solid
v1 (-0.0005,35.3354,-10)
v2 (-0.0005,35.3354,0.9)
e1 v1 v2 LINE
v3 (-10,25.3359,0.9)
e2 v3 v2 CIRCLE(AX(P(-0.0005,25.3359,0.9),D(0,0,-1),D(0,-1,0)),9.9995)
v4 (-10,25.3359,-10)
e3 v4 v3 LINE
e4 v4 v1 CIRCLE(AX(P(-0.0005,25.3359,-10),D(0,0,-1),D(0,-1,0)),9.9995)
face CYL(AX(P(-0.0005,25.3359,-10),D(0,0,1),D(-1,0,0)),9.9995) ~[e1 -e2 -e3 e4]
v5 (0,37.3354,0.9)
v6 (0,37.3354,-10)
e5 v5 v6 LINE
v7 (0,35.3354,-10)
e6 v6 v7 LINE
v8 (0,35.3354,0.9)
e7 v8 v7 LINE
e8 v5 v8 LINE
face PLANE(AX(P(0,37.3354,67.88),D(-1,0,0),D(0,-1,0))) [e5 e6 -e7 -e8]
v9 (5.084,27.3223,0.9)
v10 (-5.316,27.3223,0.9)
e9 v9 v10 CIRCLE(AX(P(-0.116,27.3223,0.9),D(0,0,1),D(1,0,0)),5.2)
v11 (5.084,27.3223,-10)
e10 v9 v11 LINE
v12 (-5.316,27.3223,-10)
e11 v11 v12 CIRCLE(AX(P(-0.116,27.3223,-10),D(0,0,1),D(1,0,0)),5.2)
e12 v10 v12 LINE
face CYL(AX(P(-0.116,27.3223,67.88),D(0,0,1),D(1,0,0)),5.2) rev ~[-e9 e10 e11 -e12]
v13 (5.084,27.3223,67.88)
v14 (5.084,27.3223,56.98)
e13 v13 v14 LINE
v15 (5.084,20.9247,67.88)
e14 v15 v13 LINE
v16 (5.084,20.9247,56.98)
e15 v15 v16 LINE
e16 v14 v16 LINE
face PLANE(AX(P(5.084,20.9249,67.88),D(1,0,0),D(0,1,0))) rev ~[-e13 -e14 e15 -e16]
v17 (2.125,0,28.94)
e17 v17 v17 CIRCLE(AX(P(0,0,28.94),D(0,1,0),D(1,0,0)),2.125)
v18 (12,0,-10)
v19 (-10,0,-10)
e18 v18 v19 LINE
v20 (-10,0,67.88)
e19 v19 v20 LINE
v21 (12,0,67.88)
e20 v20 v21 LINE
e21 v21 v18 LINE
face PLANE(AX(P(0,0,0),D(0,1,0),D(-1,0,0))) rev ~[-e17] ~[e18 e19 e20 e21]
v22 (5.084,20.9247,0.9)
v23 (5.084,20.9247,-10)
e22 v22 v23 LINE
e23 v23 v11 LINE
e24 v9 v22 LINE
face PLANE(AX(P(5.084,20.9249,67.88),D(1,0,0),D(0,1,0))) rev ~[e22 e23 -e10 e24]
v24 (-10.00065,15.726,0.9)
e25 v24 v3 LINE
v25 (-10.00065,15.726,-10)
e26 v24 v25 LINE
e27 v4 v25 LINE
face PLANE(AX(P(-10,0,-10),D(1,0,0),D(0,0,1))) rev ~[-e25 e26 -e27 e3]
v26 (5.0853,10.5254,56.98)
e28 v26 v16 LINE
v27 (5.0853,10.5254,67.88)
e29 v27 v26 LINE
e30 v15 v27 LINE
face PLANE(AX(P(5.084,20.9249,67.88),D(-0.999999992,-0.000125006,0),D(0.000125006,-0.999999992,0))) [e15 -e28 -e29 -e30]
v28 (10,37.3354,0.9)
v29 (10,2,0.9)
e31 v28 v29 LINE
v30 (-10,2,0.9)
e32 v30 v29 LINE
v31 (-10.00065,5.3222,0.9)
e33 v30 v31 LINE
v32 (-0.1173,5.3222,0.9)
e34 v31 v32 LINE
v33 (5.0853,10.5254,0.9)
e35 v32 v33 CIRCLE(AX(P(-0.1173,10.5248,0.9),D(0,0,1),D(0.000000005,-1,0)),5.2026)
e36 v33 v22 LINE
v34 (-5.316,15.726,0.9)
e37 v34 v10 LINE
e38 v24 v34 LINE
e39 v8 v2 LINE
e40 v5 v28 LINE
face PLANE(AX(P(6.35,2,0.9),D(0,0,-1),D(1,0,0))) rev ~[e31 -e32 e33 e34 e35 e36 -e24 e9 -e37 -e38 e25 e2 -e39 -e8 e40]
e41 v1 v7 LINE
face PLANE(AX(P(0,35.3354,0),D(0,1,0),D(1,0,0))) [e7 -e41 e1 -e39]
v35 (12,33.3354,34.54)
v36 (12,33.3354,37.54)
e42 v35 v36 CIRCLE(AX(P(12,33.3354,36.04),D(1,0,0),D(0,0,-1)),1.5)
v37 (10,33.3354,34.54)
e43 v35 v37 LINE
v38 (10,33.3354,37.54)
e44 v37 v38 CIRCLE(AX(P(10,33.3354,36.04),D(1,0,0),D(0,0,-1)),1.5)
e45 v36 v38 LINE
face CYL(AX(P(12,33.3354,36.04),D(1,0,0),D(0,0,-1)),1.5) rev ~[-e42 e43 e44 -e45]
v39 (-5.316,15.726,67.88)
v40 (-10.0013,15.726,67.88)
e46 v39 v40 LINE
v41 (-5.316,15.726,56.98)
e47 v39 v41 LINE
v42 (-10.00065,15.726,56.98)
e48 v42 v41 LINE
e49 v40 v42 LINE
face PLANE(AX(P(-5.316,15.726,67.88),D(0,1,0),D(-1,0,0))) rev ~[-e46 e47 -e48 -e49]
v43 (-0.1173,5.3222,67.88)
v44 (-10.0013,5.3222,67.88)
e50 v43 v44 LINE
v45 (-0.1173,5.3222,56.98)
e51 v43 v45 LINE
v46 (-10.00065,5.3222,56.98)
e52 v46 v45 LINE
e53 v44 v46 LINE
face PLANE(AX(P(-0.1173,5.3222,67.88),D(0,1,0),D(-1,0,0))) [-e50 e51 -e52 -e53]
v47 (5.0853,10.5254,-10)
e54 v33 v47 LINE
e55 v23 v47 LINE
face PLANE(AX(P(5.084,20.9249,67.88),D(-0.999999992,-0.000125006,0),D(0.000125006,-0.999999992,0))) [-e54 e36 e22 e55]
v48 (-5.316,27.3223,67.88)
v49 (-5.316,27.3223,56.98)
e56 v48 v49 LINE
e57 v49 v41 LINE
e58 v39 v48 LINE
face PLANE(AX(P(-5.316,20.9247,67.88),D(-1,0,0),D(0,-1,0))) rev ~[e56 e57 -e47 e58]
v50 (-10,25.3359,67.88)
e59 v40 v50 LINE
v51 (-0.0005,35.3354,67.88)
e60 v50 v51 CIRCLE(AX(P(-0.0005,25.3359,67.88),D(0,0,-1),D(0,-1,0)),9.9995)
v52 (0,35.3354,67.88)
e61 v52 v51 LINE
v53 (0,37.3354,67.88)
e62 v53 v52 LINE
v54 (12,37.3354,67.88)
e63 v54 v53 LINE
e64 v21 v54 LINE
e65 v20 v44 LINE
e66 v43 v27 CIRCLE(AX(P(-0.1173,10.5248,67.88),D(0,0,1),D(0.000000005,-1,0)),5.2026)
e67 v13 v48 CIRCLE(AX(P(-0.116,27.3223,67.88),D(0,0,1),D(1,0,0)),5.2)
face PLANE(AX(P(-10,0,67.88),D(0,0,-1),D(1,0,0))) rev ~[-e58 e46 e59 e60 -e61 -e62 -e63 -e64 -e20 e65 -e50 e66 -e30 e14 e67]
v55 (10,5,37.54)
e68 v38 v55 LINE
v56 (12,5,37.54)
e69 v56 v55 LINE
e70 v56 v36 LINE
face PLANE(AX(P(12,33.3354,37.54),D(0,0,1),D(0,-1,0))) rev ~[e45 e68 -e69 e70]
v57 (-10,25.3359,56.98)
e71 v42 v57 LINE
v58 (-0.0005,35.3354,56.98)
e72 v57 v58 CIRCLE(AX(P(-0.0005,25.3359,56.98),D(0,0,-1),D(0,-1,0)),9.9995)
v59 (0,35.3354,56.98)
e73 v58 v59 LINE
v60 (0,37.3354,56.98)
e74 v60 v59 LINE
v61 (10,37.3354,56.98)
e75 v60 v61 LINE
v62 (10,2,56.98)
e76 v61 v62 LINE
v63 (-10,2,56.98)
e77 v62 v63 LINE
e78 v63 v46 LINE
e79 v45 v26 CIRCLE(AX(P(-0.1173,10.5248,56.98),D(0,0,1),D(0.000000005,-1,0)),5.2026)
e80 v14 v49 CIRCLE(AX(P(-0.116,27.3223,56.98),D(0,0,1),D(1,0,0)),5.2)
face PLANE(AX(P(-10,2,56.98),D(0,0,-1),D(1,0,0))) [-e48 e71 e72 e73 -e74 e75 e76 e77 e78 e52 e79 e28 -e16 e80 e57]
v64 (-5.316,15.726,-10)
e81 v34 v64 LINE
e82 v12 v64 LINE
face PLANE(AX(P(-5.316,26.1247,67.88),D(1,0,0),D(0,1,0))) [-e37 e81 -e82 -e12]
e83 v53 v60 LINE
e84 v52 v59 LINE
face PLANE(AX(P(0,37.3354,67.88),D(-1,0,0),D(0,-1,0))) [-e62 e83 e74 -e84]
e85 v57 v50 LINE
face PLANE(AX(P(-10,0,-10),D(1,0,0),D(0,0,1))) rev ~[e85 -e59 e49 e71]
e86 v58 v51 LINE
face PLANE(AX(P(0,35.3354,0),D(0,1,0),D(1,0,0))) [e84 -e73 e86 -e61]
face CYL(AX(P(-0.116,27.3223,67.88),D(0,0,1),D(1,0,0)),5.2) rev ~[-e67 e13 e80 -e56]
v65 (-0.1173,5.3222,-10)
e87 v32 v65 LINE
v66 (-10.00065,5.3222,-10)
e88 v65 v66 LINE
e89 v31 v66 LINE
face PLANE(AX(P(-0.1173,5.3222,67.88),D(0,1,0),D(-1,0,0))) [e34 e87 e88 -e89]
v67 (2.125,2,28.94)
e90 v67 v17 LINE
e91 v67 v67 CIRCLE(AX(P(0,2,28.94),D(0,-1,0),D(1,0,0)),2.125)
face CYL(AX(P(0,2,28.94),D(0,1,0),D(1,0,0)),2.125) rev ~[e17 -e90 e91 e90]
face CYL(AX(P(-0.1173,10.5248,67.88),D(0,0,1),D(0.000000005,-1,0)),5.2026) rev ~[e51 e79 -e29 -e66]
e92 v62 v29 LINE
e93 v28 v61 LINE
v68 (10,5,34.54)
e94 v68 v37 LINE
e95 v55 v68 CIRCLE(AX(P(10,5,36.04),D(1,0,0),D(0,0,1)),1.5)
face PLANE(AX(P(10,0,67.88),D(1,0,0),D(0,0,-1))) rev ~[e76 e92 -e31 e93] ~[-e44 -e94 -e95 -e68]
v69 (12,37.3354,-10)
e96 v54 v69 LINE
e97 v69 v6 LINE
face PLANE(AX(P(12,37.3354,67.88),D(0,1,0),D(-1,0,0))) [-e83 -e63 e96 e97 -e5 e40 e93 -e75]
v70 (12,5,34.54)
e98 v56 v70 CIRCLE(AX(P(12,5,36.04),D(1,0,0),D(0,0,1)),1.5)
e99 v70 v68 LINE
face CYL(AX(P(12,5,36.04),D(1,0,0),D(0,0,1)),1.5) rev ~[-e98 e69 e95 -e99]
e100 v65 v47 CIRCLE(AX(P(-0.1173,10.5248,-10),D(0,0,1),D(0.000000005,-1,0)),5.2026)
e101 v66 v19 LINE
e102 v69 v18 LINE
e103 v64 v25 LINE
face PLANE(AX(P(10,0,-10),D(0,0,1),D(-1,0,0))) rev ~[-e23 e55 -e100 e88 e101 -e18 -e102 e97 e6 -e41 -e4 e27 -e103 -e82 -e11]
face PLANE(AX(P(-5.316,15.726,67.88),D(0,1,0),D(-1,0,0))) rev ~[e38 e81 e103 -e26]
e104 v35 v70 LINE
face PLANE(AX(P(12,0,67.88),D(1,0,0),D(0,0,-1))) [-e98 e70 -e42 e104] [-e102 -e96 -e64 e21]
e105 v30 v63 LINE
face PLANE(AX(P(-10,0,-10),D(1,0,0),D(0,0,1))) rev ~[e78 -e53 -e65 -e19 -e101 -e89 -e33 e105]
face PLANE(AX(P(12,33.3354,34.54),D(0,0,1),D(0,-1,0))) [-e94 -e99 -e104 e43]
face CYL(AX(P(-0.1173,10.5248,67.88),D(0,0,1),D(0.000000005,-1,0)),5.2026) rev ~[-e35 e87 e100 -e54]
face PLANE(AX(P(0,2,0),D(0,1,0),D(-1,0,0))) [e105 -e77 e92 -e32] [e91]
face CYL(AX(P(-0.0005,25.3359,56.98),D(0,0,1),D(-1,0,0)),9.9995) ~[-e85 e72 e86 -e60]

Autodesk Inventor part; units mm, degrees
ref_plane "YZ Plane" through (0, 0, 0) normal (1, 0, 0) x (0, 1, 0)
ref_plane "XZ Plane" through (0, 0, 0) normal (0, 1, 0) x (-1, 0, 0)
ref_plane "XY Plane" through (0, 0, 0) normal (0, 0, 1) x (1, 0, 0)
sketch "Sketch1" plane through (0, 0, 0) normal (0, 1, 0) x (-1, 0, 0)
  line L0 (10, 67.88) -> (-10, 67.88)
  line L1 (-10, 67.88) -> (-10, -10)
  line L2 (-10, -10) -> (10, -10)
  line L3 (10, -10) -> (10, 67.88)
  point P0 (0, 0)
  dimension "d0" = 20
  dimension "d1" = 77.88
extrude "Extrusion1" add sketch "Sketch1" along normal blind 2
sketch "Sketch2" plane through (0, 2, 0) normal (0, 1, 0) x (1, 0, 0)
  line L0 (-10, -67.88) -> (10, -67.88) projected
  line L1 (0, -67.88) -> (-6.35, -67.88)
  line L2 (-6.35, -56.98) -> (6.35, -56.98)
  line L3 (6.35, -67.88) -> (0, -67.88)
  line L4 (10, 10) -> (-10, 10) projected
  line L5 (-6.35, -0.9) -> (6.35, -0.9)
  line L6 (-6.35, 10) -> (6.35, 10)
  line L7 (-6.35, -67.88) -> (-10, -67.88)
  line L8 (-10, 10) -> (-10, -67.88) projected
  line L9 (-10, -56.98) -> (-6.35, -56.98)
  line L10 (6.35, -67.88) -> (10, -67.88)
  line L11 (10, -67.88) -> (10, 10) projected
  line L12 (10, -56.98) -> (6.35, -56.98)
  line L13 (6.35, -0.9) -> (10, -0.9)
  line L14 (10, 10) -> (6.35, 10)
  line L15 (10, -0.9) -> (10, 10)
  line L16 (10, -67.88) -> (10, -56.98)
  line L17 (-10, -67.88) -> (-10, -56.98)
  line L18 (-6.35, -0.9) -> (-10, -0.9)
  line L19 (-10, -0.9) -> (-10, 10)
  line L20 (-10, 10) -> (-6.35, 10)
  point P0 (0, 0)
  dimension "d4" = 6.35
  dimension "d5" = 10.9
  dimension "d6" = 12.7
  dimension "d7" = 10.9
extrude "Extrusion2" add sketch "Sketch2" along normal blind 33.3354 contours L8 L9 L2 L12 L11 L0 | L8 L4 L11 L13 L5 L18
sketch "Sketch9" plane through (-10, 0, 67.88) normal (0, 0, 1) x (1, 0, 0)
  arc A0 (15.084, 27.3223) -> (4.684, 27.3223) centre (9.884, 27.3223) ccw
  line L0 (15.084, 20.9249) -> (15.084, 27.3223)
  line L1 (4.684, 26.1247) -> (4.684, 27.3223)
  arc A1 (15.084, 27.3223) -> (4.684, 27.3223) centre (9.884, 27.3223) ccw
  line L2 (4.684, 27.3223) -> (4.684, 20.9247)
  line L3 (9.8827, 5.3222) -> (-0.0013, 5.3222)
  line L4 (-0.0013, 15.726) -> (-0.0013, 5.3222)
  line L5 (4.684, 20.9247) -> (4.684, 15.726)
  line L6 (15.084, 20.9249) -> (15.0853, 10.5254)
  arc A2 (15.084, 20.9249) -> (15.084, 20.9251) centre (9.884, 20.9243) ccw
  line L7 (4.684, 15.726) -> (-0.0013, 15.726)
  arc A3 (9.8827, 5.3222) -> (15.0853, 10.5254) centre (9.8827, 10.5248) ccw
  line L8 (0, 35.3354) -> (20, 35.3354) projected
  line L9 (0, 0) -> (0, 35.3354) projected
  line L10 (20, 0) -> (20, 35.3354) projected
  point P0 (10, 0)
  point P1 (9.884, 32.5223)
  point P2 (10, 35.3354)
  point P3 (9.884, 32.5223)
  point P4 (4.9407, 5.3222)
  point P5 (2.3413, 15.726)
  point P6 (4.684, 24.1235)
  point P7 (15.084, 24.1236)
  dimension "d76" = 2.8131
  dimension "d77" = 27.2001
  dimension "d78" = 10.4039
  dimension "d79" = 10.4
  dimension "d80" = 4.684
  dimension "d81" = 4.916
fillet "Fillet4" radius 10 4 edges at (10, 35.3354, 62.43) (-10, 35.3354, 62.43) (-10, 35.3354, -4.55) (10, 35.3354, -4.55)
sketch "Sketch10" plane through (0, 2, 0) normal (0, 1, 0) x (1, 0, 0)
  line L0 (10, -67.88) -> (-10, -67.88) projected
  line L1 (-10, 10) -> (10, 10) projected
  line L2 (10, -56.98) -> (10, -0.9) projected
  line L3 (-10, -0.9) -> (-10, -56.98) projected
  line L4 (10, -28.94) -> (-10, -28.94)
  circle A0 centre (0, -28.94) radius 2.125
  point P0 (0, 0)
  dimension "d53" = 77.88
  dimension "d54" = 4.25
extrude "Extrusion10" cut sketch "Sketch10" against normal blind 2
extrude "Extrusion11" cut sketch "Sketch9" against normal through all
sketch "Sketch11" plane through (10, 0, 67.88) normal (1, 0, 0) x (0, 0, -1)
  line L0 (0, 0) -> (0, 5.3222) projected
  line L1 (77.88, 15.726) -> (77.88, 25.3354) projected
  line L2 (0, 0) -> (77.88, 0)
  line L3 (77.88, 0) -> (77.88, 25.3354)
  line L4 (77.88, 25.3354) -> (0, 25.3354)
  line L5 (0, 25.3354) -> (0, 0)
  point P0 (67.88, 0)
extrude "Extrusion12" add sketch "Sketch11" along normal blind 2
sketch "Sketch12" plane through (12, 0, 67.88) normal (1, 0, 0) x (0, 0, -1)
  line L0 (10.9, 25.3354) -> (0, 25.3354) projected
  line L1 (77.88, 15.726) -> (77.88, 25.3354) projected
  line L2 (0, 25.3354) -> (77.88, 25.3354)
  line L3 (77.88, 25.3354) -> (0, 25.3354) projected
  line L4 (38.94, 25.3354) -> (64.34, 25.3354)
  line L5 (38.94, 25.3354) -> (13.54, 25.3354)
  line L6 (77.88, 0) -> (0, 0) projected
  line L7 (13.54, 25.3354) -> (64.34, 25.3354)
  line L8 (64.34, 25.3354) -> (64.34, 0)
  line L9 (64.34, 0) -> (13.54, 0)
  line L10 (13.54, 0) -> (13.54, 25.3354)
  line L11 (13.54, 0) -> (31.84, 0)
  line L12 (31.84, 0) -> (31.84, 5)
  arc A0 (33.34, 21.3354) -> (30.34, 21.3354) centre (31.84, 21.3354) ccw
  arc A1 (30.34, 5) -> (33.34, 5) centre (31.84, 5) ccw
  line L13 (30.34, 21.3354) -> (30.34, 5)
  line L14 (33.34, 21.3354) -> (33.34, 5)
  line L15 (31.84, 21.3354) -> (13.54, 21.3354)
  point P0 (67.88, 0)
  dimension "d65" = 25.4
  dimension "d66" = 25.4
  dimension "d67" = 50.8
  dimension "d68" = 18.3
  dimension "d69" = 5
  dimension "d71" = 3
  dimension "d72" = 3
  dimension "d75" = 18.3
  dimension "d82" = 4
extrude "Extrusion13" cut sketch "Sketch12" against normal blind 2 contours A0 L14 A1 L13
sketch "Sketch14" plane through (-0.116, 27.3223, 67.88) normal (0, 0, 1) x (1, 0, 0)
  arc A0 (10.116, -1.9869) -> (-9.884, -1.9869) centre (0.116, -1.9869) ccw projected
  line L0 (12.116, 8.0131) -> (12.116, -1.9869)
  line L1 (12.116, 8.0131) -> (12.116, 10.0131)
  line L2 (12.116, 10.0131) -> (0.116, 10.0131)
  line L3 (0.116, 10.0131) -> (0.116, 8.0131)
  arc A1 (10.116, -1.9869) -> (-9.884, -1.9869) centre (0.116, -1.9869) ccw projected
  arc A2 (10.116, -1.9869) -> (0.116, 8.0131) centre (0.116, -1.9869) ccw
  line L4 (10.116, -1.9869) -> (12.116, -1.9869)
  line L5 (0.116, 8.0131) -> (0.116, 10.0131)
  line L6 (0.116, 10.0131) -> (12.116, 10.0131)
  line L7 (12.116, -1.9869) -> (12.116, 10.0131)
  point P0 (0.116, -27.3223)
  dimension "d83" = 2
extrude "Extrusion14" add sketch "Sketch14" against normal up to surface (77.88 mm away)
sketch "Sketch15" plane through (0, 37.3354, 67.88) normal (0, 1, 0) x (1, 0, 0)
  line L0 (0, 10.9) -> (0, 66.98) projected
  line L1 (-10, 10.9) -> (10, 10.9) projected
  line L2 (0, 66.98) -> (10, 66.98)
  line L3 (10, 66.98) -> (10, 10.9)
  line L4 (10, 10.9) -> (0, 10.9)
  line L5 (0, 10.9) -> (0, 66.98)
  point P0 (0, 67.88)
extrude "Extrusion15" cut sketch "Sketch15" against normal up to next
sketch "Sketch16" plane through (12, 0, 67.88) normal (1, 0, 0) x (0, 0, -1)
  arc A0 (33.34, 21.3354) -> (30.34, 21.3354) centre (31.84, 21.3354) ccw projected
  line L0 (66.98, 37.3354) -> (10.9, 37.3354) projected
  arc A1 (33.34, 33.3354) -> (30.34, 33.3354) centre (31.84, 33.3354) ccw
  line L1 (30.34, 33.3354) -> (30.34, 21.3354)
  line L2 (33.34, 33.3354) -> (33.34, 21.3354)
  arc A2 (30.34, 21.3354) -> (33.34, 21.3354) centre (31.84, 21.3354) ccw
  arc A3 (33.34, 33.3354) -> (30.34, 33.3354) centre (31.84, 33.3354) ccw
  point P0 (67.88, 0)
  dimension "d89" = 3
extrude "Extrusion16" cut sketch "Sketch16" against normal blind 2 contours A0 L1 A1 L2
properties part number "6 Backet Adjustment 3.0 short"
